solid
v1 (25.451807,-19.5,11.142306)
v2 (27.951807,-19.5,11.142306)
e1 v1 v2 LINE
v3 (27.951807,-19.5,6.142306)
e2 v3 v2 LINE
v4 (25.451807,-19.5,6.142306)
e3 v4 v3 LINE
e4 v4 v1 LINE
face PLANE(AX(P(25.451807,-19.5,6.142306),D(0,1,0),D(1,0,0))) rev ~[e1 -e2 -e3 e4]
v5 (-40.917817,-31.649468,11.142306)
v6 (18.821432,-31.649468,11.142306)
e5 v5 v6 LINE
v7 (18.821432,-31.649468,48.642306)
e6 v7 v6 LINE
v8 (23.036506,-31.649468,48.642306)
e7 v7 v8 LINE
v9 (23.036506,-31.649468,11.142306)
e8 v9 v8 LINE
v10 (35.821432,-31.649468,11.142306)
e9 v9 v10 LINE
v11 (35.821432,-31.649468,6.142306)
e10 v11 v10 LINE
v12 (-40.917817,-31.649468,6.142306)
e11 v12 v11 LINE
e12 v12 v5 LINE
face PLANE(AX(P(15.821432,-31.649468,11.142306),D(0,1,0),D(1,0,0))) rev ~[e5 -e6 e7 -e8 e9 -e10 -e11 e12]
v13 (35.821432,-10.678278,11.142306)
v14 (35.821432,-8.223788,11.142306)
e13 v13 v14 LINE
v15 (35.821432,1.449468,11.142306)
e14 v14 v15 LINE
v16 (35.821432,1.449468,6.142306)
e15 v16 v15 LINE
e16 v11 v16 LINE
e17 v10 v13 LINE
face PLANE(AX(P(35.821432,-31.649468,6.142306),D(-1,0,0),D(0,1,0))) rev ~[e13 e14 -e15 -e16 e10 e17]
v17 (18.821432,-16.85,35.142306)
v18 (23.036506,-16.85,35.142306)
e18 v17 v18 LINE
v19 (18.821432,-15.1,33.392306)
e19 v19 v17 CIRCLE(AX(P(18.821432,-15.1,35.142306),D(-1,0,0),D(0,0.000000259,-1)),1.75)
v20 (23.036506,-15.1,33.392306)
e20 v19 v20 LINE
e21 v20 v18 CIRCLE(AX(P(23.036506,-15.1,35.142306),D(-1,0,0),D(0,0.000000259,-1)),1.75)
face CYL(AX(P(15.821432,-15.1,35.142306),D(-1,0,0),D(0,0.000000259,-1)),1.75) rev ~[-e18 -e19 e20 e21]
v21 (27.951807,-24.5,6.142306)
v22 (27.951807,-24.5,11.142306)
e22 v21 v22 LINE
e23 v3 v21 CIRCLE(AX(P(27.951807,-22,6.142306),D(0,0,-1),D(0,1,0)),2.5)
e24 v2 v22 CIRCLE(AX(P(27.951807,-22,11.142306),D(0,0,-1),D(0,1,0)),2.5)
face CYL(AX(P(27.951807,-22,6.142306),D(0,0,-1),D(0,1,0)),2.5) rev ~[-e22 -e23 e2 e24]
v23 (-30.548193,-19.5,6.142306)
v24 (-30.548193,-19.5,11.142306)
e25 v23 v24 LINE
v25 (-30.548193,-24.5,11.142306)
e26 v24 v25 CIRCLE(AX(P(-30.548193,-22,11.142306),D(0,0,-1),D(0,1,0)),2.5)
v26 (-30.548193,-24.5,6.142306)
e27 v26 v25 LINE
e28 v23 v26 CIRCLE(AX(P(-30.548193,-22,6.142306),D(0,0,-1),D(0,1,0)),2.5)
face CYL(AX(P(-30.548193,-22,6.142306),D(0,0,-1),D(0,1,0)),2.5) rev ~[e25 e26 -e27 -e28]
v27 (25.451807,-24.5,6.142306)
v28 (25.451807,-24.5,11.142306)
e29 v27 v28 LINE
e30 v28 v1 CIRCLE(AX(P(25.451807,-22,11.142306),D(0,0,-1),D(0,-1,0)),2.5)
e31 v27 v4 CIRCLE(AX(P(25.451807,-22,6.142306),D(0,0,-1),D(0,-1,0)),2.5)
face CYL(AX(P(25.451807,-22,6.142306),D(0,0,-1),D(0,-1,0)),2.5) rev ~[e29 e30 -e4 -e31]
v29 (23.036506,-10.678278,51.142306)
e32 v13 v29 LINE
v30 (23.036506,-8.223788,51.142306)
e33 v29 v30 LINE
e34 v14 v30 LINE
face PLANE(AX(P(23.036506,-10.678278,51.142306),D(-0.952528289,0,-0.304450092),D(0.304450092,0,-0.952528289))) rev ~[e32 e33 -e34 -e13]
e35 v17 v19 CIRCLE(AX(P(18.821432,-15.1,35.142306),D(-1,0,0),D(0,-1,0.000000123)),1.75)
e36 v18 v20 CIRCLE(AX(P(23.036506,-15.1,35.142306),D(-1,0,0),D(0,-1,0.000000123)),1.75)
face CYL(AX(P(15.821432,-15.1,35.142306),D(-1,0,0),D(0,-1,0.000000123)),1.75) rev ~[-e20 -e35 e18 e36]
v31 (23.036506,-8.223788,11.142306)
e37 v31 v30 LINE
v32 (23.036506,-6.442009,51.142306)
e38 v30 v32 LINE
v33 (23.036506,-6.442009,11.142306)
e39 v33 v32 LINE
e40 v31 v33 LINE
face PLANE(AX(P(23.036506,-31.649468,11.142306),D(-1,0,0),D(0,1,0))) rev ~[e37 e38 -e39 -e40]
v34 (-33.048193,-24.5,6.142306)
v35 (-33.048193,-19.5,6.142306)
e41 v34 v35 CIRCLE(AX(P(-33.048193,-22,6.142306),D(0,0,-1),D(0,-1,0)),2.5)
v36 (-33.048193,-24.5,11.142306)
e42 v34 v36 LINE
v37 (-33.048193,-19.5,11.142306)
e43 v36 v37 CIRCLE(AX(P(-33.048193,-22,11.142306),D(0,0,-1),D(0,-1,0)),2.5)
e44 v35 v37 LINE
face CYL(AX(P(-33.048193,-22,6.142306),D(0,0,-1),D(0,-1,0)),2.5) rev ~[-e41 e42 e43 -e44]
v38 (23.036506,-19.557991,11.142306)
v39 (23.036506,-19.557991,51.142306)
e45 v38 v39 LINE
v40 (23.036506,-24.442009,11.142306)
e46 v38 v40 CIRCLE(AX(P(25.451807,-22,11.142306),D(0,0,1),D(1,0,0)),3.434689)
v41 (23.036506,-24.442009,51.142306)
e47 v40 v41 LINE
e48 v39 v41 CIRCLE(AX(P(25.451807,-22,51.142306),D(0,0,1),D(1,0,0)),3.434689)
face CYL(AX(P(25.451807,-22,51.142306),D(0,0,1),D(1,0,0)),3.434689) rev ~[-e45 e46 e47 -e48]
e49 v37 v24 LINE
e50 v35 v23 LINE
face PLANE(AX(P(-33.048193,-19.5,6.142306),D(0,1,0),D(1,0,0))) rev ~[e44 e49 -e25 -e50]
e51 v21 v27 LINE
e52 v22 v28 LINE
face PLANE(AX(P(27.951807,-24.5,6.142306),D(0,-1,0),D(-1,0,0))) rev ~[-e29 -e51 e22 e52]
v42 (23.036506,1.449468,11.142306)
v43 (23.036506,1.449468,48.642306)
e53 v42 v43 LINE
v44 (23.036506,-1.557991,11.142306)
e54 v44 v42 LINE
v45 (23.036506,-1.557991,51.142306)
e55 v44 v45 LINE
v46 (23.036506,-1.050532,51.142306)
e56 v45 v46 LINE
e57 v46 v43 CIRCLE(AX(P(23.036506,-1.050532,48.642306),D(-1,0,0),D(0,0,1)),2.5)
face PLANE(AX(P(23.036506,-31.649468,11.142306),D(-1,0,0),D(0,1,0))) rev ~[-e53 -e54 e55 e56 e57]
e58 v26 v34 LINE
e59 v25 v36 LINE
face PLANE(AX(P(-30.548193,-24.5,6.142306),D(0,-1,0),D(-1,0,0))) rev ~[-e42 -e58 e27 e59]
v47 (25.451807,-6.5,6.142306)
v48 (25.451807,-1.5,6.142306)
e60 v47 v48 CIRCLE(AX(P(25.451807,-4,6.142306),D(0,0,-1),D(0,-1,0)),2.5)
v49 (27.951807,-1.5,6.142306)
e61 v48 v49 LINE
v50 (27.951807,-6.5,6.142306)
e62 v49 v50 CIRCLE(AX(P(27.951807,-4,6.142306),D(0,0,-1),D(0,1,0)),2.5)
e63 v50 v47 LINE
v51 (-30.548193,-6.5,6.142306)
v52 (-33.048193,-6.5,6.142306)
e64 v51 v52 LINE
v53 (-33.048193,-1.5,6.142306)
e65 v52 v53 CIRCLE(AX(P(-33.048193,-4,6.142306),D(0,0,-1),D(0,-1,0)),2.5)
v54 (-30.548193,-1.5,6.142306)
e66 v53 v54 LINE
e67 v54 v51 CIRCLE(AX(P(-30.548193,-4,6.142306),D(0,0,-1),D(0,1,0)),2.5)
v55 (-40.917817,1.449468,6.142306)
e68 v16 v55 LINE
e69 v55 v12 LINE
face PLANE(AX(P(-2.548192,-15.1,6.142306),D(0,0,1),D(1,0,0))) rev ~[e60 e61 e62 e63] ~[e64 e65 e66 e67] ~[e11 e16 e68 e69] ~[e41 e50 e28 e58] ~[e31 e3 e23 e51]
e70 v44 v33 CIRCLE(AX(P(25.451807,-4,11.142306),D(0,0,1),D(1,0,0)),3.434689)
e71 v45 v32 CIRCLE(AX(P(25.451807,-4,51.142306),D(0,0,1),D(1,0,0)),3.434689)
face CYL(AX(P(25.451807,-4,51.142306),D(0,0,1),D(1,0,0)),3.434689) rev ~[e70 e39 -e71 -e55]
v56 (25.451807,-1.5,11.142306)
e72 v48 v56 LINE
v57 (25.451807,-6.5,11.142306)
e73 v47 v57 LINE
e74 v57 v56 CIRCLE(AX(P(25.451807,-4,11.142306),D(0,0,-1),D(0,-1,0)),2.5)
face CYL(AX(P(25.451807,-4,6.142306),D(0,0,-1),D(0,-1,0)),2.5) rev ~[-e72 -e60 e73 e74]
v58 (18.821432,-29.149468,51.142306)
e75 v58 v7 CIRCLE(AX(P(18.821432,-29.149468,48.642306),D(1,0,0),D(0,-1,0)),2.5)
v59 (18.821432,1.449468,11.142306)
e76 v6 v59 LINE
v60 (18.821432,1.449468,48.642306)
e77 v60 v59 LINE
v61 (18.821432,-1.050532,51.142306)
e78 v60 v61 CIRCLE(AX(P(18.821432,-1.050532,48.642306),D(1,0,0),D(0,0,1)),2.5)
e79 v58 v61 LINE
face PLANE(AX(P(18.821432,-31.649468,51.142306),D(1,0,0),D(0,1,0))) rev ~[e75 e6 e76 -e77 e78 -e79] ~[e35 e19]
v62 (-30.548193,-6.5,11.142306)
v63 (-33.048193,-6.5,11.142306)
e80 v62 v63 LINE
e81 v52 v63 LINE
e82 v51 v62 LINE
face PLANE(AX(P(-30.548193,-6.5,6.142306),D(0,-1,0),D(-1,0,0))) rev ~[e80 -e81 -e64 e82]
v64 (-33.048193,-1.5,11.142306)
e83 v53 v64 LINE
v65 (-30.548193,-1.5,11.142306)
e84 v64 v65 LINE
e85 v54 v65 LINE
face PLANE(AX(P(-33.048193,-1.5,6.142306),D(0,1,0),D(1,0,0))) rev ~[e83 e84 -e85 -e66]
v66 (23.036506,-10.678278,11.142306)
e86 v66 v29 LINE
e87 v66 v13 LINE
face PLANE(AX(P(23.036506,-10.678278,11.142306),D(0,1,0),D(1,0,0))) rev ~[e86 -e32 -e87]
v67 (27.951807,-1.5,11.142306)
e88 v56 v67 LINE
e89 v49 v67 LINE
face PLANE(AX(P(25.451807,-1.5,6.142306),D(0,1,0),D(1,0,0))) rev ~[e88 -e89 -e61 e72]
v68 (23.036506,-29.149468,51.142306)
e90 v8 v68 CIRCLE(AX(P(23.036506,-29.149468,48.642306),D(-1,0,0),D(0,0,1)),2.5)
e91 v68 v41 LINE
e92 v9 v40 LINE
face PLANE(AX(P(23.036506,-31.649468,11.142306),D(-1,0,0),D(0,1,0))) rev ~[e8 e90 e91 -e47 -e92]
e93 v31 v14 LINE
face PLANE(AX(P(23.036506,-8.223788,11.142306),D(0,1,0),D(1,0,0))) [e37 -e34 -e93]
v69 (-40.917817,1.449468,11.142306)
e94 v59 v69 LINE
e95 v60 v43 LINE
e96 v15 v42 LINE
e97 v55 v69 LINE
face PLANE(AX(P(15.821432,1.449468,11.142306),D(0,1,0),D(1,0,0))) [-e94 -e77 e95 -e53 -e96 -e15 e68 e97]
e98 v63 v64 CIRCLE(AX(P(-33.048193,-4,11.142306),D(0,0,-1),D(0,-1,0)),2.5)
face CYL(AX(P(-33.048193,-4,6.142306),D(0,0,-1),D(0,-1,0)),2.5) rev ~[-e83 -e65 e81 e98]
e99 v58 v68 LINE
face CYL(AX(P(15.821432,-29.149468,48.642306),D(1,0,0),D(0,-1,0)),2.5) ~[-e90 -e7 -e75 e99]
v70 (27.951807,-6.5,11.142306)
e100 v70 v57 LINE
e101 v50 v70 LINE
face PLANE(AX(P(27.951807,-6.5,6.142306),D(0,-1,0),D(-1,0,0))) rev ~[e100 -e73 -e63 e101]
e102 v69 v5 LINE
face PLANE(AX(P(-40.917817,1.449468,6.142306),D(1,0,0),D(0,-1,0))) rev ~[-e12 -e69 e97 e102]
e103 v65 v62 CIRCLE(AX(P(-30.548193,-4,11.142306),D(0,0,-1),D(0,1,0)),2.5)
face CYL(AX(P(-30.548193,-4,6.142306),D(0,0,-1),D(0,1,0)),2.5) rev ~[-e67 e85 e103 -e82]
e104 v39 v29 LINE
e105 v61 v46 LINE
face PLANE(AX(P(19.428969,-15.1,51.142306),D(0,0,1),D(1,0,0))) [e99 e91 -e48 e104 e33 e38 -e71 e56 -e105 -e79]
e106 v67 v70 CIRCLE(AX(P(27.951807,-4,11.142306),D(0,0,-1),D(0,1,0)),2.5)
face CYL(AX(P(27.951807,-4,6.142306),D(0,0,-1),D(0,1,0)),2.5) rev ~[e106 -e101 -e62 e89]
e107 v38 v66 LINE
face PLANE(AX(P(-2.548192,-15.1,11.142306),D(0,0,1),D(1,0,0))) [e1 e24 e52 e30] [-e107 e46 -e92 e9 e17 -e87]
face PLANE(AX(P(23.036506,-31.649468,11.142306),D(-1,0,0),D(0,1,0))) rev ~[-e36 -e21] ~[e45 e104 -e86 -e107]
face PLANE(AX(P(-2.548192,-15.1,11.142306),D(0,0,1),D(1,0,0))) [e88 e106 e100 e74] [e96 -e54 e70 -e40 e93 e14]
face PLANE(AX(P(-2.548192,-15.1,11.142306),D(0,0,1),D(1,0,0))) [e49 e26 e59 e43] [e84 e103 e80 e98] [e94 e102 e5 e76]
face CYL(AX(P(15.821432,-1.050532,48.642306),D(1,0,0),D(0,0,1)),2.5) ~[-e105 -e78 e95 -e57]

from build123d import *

# Parameters (mm, degrees)
F0_W      = 34
F0_H      = 22
F0_R      = 4
F1_DEPTH  = 30.2
F3_DEPTH  = 5
F4_W      = 7.215074
F4_H      = 33.098936
F5_DEPTH  = 40
F7_DEPTH  = 25
F8_R      = 2.5
F9_R      = 3.434689
F10_DEPTH = 40
F14_W     = 3
F14_H     = 33.098936
F15_DEPTH = 40
F16_W     = 12.784926
F16_H     = 2.454489
F17_DEPTH = 40
F19_DEPTH = 25


with BuildPart() as f1:
    # F0 (on Front) → F1 (new body)
    with BuildSketch(Plane.XZ):
        with Locations((-19.066667, -4.857694)):
            Rectangle(F0_W, F0_H)
        with Locations((-19.066667, -4.857694)):
            Circle(F0_R, mode=Mode.SUBTRACT)
        with Locations((17.733333, -4.857694)):
            Rectangle(F0_W, F0_H)
        with Locations((17.733333, -4.857694)):
            Circle(F0_R, mode=Mode.SUBTRACT)
    extrude(amount=F1_DEPTH)


with BuildPart() as f3:
    # F2 (on face) → F3 (new body)
    with BuildSketch(Plane.XY.offset(6.142306)):
        Polygon((-2.548193, 1.449468), (-40.917817, 1.449468), (-40.917817, -31.649468), (35.821432, -31.649468), (35.821432, 1.449468), align=None)
        with BuildLine():
            Line((-30.548193, -24.5), (-33.048193, -24.5))
            ThreePointArc((-33.048193, -24.5), (-35.548193, -22), (-33.048193, -19.5))
            Line((-33.048193, -19.5), (-30.548193, -19.5))
            ThreePointArc((-30.548193, -19.5), (-28.048193, -22), (-30.548193, -24.5))
        make_face(mode=Mode.SUBTRACT)
        with BuildLine():
            ThreePointArc((27.951807, -19.5), (30.451807, -22), (27.951807, -24.5))
            Line((27.951807, -24.5), (25.451807, -24.5))
            ThreePointArc((25.451807, -24.5), (22.951807, -22), (25.451807, -19.5))
            Line((25.451807, -19.5), (27.951807, -19.5))
        make_face(mode=Mode.SUBTRACT)
        with BuildLine():
            Line((-30.548193, -6.5), (-33.048193, -6.5))
            ThreePointArc((-33.048193, -6.5), (-35.548193, -4), (-33.048193, -1.5))
            Line((-33.048193, -1.5), (-30.548193, -1.5))
            ThreePointArc((-30.548193, -1.5), (-28.048193, -4), (-30.548193, -6.5))
        make_face(mode=Mode.SUBTRACT)
        with BuildLine():
            Line((25.451807, -1.5), (27.951807, -1.5))
            ThreePointArc((27.951807, -1.5), (30.451807, -4), (27.951807, -6.5))
            Line((27.951807, -6.5), (25.451807, -6.5))
            ThreePointArc((25.451807, -6.5), (22.951807, -4), (25.451807, -1.5))
        make_face(mode=Mode.SUBTRACT)
    extrude(amount=F3_DEPTH)

    # F4 (on face) → F5 (join)
    with BuildSketch(Plane.XY.offset(11.142306)):
        with Locations((19.428969, -15.1)):
            Rectangle(F4_W, F4_H)
    extrude(amount=F5_DEPTH)

    # F6 (on face) → F7 (cut)
    with BuildSketch(Plane(origin=(15.821432, 0, 0), x_dir=(0, -1, 0), z_dir=(-1, 0, 0))):
        with BuildLine():
            ThreePointArc((15.1, 33.392306), (16.337437, 33.904869), (16.85, 35.142306))
            ThreePointArc((16.85, 35.142306), (13.862563, 36.379742), (15.1, 33.392306))
        make_face()
    extrude(amount=-F7_DEPTH, mode=Mode.SUBTRACT)

    # F8
    f8_edges = [f3.edges().sort_by_distance(p)[0] for p in [
        (19.428969, 1.449468, 51.142306),
        (19.428969, -31.649468, 51.142306),
    ]]
    fillet(f8_edges, radius=F8_R)

    # F9 (on face) → F10 (cut, through all)
    with BuildSketch(Plane.XY.offset(51.142306)):
        with Locations((25.451807, -4)):
            Circle(F9_R)
        with Locations((25.451807, -22)):
            Circle(F9_R)
    extrude(amount=-F10_DEPTH, mode=Mode.SUBTRACT)

    # F14 (on face) → F15 (cut, through all)
    with BuildSketch(Plane.XY.offset(51.142306)):
        with Locations((17.321432, -15.1)):
            Rectangle(F14_W, F14_H)
    extrude(amount=-F15_DEPTH, mode=Mode.SUBTRACT)

    # F16 (on face) → F17 (join, through all)
    with BuildSketch(Plane.XY.offset(11.142306)):
        with Locations((29.428969, -9.451033)):
            Rectangle(F16_W, F16_H)
    extrude(amount=F17_DEPTH)

    # F18 (on face) → F19 (cut)
    with BuildSketch(Plane.XZ.offset(10.678278)):
        Polygon((35.821432, 51.142306), (23.036506, 51.142306), (35.821432, 11.142306), align=None)
    extrude(amount=-F19_DEPTH, mode=Mode.SUBTRACT)


with BuildPart() as f11_1:
    # F11: copy of F3
    add(f3.part)


solid = f3.part
